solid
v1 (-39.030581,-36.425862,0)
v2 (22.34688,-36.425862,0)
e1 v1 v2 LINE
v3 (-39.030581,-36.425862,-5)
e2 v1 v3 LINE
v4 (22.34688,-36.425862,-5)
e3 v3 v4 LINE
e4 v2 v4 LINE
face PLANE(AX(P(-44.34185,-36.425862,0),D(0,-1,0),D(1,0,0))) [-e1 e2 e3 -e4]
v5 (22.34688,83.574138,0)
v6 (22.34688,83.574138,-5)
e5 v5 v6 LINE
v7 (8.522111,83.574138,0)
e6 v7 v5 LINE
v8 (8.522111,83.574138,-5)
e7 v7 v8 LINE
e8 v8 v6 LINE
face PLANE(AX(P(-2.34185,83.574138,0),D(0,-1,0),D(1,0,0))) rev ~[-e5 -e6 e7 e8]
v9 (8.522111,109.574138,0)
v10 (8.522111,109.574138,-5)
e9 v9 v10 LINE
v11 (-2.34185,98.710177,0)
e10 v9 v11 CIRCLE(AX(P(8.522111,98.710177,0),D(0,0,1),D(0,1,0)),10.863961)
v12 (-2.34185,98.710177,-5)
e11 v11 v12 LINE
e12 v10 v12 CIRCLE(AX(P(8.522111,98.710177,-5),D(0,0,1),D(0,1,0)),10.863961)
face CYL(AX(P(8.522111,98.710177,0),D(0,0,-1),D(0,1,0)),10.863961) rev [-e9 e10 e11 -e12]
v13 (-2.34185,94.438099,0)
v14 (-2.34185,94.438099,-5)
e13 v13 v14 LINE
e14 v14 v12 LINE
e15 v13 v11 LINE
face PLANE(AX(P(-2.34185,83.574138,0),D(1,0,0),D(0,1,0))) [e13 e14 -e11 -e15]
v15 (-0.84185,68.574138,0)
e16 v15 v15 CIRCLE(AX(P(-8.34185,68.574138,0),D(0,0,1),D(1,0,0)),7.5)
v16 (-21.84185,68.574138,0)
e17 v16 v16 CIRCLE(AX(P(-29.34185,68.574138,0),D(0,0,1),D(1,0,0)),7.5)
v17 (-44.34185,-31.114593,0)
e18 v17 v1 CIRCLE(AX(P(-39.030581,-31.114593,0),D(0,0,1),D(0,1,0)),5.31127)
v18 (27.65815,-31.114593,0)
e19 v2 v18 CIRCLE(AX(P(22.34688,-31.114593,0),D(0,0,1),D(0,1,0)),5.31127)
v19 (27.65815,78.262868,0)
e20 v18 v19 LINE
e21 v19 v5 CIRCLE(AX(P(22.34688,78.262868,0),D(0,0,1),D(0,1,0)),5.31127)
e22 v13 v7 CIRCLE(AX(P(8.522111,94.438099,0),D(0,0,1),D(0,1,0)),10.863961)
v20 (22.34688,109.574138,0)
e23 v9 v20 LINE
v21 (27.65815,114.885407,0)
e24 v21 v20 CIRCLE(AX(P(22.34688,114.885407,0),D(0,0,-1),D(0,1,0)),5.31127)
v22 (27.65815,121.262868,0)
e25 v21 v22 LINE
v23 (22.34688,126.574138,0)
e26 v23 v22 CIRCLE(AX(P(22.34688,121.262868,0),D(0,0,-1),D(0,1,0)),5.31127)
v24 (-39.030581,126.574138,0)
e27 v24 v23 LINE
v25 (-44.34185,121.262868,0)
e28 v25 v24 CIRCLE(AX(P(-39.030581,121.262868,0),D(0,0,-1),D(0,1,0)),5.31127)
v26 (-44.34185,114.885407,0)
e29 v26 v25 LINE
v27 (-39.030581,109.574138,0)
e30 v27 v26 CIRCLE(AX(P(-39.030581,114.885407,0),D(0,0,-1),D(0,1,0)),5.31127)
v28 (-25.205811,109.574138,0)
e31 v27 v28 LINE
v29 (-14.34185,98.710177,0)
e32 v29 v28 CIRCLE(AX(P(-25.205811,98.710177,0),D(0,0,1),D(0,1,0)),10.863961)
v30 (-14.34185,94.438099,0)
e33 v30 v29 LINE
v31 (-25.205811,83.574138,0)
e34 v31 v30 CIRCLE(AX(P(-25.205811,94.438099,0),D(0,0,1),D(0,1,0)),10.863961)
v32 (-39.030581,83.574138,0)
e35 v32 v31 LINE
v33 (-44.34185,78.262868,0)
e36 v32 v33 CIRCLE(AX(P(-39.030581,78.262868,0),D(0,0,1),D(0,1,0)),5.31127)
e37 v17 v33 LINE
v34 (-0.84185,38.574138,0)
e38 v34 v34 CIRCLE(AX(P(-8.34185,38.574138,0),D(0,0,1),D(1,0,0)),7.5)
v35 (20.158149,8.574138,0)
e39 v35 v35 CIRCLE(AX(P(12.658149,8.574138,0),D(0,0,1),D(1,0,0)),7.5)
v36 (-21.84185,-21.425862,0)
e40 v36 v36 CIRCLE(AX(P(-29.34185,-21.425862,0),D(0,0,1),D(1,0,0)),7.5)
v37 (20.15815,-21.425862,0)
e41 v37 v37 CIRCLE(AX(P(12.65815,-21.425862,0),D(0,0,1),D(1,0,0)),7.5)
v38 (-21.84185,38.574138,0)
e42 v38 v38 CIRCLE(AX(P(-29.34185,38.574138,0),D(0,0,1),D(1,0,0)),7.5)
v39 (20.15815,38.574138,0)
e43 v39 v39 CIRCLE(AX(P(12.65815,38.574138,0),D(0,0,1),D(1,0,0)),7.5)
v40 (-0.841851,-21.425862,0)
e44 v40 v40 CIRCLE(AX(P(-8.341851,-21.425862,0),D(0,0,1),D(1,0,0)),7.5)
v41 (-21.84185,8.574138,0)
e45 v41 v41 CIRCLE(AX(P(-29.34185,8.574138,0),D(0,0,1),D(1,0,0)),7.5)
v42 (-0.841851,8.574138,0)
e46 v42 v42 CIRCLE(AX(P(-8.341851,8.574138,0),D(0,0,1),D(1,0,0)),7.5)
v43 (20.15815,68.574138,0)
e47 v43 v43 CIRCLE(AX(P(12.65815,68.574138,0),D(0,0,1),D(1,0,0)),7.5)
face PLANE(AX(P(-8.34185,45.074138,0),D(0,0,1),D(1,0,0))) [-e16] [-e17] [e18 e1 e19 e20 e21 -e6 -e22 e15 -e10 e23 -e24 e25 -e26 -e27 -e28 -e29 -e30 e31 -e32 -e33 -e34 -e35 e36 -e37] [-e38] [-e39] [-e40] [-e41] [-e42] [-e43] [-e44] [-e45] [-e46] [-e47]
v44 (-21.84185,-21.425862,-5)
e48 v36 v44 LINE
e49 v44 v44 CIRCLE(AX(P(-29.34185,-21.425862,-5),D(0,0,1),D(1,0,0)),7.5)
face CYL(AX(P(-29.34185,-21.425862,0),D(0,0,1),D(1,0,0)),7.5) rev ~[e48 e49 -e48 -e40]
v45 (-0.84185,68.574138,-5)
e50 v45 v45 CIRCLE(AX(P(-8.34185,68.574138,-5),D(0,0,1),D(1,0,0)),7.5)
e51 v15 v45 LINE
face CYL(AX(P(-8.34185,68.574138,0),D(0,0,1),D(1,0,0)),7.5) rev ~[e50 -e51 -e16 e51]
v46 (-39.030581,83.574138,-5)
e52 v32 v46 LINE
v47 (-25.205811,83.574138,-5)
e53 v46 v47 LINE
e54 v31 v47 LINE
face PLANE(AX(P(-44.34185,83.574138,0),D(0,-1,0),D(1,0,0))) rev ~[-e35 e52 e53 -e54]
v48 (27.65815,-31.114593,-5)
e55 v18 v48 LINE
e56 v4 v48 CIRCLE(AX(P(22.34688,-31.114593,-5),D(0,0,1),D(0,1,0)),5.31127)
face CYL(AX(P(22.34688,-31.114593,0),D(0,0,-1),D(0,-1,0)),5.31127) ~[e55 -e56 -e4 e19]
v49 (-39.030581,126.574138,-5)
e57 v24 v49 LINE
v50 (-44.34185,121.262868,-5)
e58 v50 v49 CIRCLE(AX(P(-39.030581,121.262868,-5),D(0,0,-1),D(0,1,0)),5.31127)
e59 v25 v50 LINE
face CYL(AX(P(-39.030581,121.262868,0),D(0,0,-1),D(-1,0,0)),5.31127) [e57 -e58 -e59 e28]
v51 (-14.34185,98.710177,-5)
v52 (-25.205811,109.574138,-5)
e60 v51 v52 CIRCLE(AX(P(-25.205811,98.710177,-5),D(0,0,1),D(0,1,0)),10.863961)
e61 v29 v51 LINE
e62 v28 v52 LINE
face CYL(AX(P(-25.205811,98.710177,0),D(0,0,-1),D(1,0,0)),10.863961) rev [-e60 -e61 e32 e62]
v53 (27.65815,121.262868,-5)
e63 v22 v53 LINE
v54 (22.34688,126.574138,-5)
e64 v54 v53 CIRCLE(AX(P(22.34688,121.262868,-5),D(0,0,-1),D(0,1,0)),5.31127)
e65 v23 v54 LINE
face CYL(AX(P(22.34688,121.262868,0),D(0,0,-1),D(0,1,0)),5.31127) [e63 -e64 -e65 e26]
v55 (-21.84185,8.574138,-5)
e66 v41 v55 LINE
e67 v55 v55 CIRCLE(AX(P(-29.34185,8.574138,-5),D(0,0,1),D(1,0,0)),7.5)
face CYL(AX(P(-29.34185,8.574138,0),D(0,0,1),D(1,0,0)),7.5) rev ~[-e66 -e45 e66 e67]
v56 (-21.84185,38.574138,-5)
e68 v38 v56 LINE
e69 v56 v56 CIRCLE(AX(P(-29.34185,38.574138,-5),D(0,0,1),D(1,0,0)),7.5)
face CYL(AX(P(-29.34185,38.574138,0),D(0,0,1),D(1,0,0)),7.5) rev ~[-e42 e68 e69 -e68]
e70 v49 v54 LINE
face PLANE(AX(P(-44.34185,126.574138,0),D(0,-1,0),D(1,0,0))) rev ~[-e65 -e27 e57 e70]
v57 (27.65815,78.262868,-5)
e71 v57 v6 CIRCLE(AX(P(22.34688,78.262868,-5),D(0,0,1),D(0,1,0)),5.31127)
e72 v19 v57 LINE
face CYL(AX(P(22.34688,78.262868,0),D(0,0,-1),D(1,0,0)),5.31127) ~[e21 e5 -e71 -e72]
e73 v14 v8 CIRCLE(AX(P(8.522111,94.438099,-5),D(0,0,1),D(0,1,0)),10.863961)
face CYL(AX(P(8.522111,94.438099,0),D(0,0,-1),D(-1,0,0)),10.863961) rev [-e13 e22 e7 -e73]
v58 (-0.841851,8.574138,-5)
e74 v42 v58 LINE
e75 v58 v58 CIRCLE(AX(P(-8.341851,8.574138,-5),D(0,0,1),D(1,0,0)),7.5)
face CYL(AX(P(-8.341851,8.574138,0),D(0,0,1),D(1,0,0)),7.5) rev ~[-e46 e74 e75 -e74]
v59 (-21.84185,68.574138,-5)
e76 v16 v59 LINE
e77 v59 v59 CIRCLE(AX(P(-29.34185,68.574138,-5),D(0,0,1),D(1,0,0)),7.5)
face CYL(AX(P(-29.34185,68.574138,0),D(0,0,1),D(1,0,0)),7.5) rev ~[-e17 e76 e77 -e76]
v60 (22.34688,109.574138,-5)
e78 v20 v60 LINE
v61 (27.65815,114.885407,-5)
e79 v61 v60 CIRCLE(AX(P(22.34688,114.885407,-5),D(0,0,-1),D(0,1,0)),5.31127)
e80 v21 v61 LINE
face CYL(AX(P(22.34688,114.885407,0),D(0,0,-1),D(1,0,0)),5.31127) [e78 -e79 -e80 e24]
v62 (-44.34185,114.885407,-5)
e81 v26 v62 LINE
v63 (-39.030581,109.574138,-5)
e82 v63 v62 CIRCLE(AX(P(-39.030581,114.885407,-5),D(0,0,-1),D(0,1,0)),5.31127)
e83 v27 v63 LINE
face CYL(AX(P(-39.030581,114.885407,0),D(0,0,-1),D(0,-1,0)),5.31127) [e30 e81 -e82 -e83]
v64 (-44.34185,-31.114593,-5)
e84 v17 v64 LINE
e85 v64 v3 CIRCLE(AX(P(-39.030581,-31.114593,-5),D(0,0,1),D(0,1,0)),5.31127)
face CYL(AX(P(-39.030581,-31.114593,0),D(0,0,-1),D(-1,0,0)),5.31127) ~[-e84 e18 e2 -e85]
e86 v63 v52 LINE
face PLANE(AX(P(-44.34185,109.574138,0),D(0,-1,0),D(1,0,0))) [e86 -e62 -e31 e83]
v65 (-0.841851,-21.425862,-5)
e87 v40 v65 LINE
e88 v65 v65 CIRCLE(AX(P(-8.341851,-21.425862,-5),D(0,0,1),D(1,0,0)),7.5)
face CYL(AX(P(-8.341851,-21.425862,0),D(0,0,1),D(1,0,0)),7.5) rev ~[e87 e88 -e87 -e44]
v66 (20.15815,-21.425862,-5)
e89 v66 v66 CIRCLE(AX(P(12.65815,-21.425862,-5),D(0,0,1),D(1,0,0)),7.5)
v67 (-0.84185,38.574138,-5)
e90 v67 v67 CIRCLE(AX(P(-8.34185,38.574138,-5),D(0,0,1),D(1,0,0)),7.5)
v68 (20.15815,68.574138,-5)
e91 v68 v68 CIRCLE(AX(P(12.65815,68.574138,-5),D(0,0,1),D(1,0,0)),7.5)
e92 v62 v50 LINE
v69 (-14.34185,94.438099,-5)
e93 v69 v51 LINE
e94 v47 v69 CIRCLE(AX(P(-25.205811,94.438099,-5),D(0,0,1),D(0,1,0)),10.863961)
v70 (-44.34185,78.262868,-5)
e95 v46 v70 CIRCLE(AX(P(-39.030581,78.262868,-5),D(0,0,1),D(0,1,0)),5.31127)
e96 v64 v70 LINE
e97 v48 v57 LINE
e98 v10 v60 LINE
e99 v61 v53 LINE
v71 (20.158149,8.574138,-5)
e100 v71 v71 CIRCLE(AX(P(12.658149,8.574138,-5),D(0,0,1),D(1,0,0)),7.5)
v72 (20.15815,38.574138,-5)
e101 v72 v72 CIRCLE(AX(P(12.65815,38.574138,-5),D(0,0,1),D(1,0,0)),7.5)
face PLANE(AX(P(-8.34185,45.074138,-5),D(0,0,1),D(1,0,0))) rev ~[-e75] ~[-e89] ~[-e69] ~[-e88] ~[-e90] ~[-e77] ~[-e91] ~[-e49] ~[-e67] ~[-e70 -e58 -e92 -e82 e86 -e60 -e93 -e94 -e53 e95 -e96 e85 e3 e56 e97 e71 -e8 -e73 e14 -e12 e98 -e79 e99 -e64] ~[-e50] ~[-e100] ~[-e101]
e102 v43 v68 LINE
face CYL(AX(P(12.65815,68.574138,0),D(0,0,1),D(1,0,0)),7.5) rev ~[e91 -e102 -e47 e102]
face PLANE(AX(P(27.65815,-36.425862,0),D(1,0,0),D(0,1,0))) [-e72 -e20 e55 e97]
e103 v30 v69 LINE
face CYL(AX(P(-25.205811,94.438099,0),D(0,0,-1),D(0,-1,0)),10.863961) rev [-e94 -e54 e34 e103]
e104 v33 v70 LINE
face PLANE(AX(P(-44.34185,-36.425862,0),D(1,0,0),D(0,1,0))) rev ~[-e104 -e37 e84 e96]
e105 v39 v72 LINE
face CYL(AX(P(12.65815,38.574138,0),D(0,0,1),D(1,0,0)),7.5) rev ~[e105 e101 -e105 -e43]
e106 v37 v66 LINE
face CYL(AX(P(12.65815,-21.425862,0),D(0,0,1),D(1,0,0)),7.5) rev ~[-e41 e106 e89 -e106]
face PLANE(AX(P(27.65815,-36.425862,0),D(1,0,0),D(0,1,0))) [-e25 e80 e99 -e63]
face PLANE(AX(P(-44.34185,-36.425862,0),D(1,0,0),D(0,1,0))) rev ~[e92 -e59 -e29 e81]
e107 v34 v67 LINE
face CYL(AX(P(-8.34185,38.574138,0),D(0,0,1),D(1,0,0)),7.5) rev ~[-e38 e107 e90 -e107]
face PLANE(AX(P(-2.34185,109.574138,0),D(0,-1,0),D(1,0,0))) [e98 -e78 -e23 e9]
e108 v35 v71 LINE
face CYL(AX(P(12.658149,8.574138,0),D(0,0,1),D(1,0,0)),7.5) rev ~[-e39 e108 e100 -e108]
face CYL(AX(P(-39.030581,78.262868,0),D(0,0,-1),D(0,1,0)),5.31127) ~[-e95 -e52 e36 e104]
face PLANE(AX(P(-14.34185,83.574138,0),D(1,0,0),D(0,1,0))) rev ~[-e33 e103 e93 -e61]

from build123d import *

# Parameters (mm, degrees)
F0_W     = 72
F0_H     = 163
F1_DEPTH = 5
F2_W     = 30
F2_H     = 26
F2_R     = 7.5
F3_DEPTH = 25
F4_R     = 10.8639610307
F5_R     = 5.3112698372


with BuildPart() as f1:
    # F0 (on Top) → F1 (new body)
    with BuildSketch(Plane.XY):
        with Locations((-8.3418504, 45.0741375387)):
            Rectangle(F0_W, F0_H)
    extrude(amount=-F1_DEPTH)

    # F2 (on face) → F3 (cut)
    with BuildSketch(Plane.XY):
        with Locations((12.6581496, 96.5741375387)):
            Rectangle(F2_W, F2_H)
        with Locations((-29.3418504, 96.5741375387)):
            Rectangle(F2_W, F2_H)
        with Locations((12.6581496, 68.5741375387)):
            Circle(F2_R)
        with Locations((-29.3418504, 68.5741375387)):
            Circle(F2_R)
        with Locations((-8.3418504, 38.5741375387)):
            Circle(F2_R)
        with Locations((-29.3418504, -21.4258624613)):
            Circle(F2_R)
        with Locations((12.6581496, -21.4258624613)):
            Circle(F2_R)
        with Locations((12.6581496, 38.5741375387)):
            Circle(F2_R)
        with Locations((-8.3418504, 68.5741375387)):
            Circle(F2_R)
        with Locations((-29.3418504, 38.5741375387)):
            Circle(F2_R)
        with Locations((-8.3418507129, -21.4258624613)):
            Circle(F2_R)
        with Locations((-29.3418504, 8.5741375387)):
            Circle(F2_R)
        with Locations((12.6581492871, 8.5741375387)):
            Circle(F2_R)
        with Locations((-8.3418507129, 8.5741375387)):
            Circle(F2_R)
    extrude(amount=-F3_DEPTH, mode=Mode.SUBTRACT)

    # F4
    f4_edges = [f1.edges().sort_by_distance(p)[0] for p in [
        (-2.34185, 109.574138, -2.5),
        (-2.34185, 83.574138, -2.5),
        (-14.34185, 83.574138, -2.5),
        (-14.34185, 109.574138, -2.5),
    ]]
    fillet(f4_edges, radius=F4_R)

    # F5
    f5_edges = [f1.edges().sort_by_distance(p)[0] for p in [
        (27.65815, 126.574138, -2.5),
        (-44.34185, 126.574138, -2.5),
        (-44.34185, 109.574138, -2.5),
        (-44.34185, 83.574138, -2.5),
        (27.65815, 109.574138, -2.5),
        (27.65815, 83.574138, -2.5),
        (-44.34185, -36.425862, -2.5),
        (27.65815, -36.425862, -2.5),
    ]]
    fillet(f5_edges, radius=F5_R)


solid = f1.part
